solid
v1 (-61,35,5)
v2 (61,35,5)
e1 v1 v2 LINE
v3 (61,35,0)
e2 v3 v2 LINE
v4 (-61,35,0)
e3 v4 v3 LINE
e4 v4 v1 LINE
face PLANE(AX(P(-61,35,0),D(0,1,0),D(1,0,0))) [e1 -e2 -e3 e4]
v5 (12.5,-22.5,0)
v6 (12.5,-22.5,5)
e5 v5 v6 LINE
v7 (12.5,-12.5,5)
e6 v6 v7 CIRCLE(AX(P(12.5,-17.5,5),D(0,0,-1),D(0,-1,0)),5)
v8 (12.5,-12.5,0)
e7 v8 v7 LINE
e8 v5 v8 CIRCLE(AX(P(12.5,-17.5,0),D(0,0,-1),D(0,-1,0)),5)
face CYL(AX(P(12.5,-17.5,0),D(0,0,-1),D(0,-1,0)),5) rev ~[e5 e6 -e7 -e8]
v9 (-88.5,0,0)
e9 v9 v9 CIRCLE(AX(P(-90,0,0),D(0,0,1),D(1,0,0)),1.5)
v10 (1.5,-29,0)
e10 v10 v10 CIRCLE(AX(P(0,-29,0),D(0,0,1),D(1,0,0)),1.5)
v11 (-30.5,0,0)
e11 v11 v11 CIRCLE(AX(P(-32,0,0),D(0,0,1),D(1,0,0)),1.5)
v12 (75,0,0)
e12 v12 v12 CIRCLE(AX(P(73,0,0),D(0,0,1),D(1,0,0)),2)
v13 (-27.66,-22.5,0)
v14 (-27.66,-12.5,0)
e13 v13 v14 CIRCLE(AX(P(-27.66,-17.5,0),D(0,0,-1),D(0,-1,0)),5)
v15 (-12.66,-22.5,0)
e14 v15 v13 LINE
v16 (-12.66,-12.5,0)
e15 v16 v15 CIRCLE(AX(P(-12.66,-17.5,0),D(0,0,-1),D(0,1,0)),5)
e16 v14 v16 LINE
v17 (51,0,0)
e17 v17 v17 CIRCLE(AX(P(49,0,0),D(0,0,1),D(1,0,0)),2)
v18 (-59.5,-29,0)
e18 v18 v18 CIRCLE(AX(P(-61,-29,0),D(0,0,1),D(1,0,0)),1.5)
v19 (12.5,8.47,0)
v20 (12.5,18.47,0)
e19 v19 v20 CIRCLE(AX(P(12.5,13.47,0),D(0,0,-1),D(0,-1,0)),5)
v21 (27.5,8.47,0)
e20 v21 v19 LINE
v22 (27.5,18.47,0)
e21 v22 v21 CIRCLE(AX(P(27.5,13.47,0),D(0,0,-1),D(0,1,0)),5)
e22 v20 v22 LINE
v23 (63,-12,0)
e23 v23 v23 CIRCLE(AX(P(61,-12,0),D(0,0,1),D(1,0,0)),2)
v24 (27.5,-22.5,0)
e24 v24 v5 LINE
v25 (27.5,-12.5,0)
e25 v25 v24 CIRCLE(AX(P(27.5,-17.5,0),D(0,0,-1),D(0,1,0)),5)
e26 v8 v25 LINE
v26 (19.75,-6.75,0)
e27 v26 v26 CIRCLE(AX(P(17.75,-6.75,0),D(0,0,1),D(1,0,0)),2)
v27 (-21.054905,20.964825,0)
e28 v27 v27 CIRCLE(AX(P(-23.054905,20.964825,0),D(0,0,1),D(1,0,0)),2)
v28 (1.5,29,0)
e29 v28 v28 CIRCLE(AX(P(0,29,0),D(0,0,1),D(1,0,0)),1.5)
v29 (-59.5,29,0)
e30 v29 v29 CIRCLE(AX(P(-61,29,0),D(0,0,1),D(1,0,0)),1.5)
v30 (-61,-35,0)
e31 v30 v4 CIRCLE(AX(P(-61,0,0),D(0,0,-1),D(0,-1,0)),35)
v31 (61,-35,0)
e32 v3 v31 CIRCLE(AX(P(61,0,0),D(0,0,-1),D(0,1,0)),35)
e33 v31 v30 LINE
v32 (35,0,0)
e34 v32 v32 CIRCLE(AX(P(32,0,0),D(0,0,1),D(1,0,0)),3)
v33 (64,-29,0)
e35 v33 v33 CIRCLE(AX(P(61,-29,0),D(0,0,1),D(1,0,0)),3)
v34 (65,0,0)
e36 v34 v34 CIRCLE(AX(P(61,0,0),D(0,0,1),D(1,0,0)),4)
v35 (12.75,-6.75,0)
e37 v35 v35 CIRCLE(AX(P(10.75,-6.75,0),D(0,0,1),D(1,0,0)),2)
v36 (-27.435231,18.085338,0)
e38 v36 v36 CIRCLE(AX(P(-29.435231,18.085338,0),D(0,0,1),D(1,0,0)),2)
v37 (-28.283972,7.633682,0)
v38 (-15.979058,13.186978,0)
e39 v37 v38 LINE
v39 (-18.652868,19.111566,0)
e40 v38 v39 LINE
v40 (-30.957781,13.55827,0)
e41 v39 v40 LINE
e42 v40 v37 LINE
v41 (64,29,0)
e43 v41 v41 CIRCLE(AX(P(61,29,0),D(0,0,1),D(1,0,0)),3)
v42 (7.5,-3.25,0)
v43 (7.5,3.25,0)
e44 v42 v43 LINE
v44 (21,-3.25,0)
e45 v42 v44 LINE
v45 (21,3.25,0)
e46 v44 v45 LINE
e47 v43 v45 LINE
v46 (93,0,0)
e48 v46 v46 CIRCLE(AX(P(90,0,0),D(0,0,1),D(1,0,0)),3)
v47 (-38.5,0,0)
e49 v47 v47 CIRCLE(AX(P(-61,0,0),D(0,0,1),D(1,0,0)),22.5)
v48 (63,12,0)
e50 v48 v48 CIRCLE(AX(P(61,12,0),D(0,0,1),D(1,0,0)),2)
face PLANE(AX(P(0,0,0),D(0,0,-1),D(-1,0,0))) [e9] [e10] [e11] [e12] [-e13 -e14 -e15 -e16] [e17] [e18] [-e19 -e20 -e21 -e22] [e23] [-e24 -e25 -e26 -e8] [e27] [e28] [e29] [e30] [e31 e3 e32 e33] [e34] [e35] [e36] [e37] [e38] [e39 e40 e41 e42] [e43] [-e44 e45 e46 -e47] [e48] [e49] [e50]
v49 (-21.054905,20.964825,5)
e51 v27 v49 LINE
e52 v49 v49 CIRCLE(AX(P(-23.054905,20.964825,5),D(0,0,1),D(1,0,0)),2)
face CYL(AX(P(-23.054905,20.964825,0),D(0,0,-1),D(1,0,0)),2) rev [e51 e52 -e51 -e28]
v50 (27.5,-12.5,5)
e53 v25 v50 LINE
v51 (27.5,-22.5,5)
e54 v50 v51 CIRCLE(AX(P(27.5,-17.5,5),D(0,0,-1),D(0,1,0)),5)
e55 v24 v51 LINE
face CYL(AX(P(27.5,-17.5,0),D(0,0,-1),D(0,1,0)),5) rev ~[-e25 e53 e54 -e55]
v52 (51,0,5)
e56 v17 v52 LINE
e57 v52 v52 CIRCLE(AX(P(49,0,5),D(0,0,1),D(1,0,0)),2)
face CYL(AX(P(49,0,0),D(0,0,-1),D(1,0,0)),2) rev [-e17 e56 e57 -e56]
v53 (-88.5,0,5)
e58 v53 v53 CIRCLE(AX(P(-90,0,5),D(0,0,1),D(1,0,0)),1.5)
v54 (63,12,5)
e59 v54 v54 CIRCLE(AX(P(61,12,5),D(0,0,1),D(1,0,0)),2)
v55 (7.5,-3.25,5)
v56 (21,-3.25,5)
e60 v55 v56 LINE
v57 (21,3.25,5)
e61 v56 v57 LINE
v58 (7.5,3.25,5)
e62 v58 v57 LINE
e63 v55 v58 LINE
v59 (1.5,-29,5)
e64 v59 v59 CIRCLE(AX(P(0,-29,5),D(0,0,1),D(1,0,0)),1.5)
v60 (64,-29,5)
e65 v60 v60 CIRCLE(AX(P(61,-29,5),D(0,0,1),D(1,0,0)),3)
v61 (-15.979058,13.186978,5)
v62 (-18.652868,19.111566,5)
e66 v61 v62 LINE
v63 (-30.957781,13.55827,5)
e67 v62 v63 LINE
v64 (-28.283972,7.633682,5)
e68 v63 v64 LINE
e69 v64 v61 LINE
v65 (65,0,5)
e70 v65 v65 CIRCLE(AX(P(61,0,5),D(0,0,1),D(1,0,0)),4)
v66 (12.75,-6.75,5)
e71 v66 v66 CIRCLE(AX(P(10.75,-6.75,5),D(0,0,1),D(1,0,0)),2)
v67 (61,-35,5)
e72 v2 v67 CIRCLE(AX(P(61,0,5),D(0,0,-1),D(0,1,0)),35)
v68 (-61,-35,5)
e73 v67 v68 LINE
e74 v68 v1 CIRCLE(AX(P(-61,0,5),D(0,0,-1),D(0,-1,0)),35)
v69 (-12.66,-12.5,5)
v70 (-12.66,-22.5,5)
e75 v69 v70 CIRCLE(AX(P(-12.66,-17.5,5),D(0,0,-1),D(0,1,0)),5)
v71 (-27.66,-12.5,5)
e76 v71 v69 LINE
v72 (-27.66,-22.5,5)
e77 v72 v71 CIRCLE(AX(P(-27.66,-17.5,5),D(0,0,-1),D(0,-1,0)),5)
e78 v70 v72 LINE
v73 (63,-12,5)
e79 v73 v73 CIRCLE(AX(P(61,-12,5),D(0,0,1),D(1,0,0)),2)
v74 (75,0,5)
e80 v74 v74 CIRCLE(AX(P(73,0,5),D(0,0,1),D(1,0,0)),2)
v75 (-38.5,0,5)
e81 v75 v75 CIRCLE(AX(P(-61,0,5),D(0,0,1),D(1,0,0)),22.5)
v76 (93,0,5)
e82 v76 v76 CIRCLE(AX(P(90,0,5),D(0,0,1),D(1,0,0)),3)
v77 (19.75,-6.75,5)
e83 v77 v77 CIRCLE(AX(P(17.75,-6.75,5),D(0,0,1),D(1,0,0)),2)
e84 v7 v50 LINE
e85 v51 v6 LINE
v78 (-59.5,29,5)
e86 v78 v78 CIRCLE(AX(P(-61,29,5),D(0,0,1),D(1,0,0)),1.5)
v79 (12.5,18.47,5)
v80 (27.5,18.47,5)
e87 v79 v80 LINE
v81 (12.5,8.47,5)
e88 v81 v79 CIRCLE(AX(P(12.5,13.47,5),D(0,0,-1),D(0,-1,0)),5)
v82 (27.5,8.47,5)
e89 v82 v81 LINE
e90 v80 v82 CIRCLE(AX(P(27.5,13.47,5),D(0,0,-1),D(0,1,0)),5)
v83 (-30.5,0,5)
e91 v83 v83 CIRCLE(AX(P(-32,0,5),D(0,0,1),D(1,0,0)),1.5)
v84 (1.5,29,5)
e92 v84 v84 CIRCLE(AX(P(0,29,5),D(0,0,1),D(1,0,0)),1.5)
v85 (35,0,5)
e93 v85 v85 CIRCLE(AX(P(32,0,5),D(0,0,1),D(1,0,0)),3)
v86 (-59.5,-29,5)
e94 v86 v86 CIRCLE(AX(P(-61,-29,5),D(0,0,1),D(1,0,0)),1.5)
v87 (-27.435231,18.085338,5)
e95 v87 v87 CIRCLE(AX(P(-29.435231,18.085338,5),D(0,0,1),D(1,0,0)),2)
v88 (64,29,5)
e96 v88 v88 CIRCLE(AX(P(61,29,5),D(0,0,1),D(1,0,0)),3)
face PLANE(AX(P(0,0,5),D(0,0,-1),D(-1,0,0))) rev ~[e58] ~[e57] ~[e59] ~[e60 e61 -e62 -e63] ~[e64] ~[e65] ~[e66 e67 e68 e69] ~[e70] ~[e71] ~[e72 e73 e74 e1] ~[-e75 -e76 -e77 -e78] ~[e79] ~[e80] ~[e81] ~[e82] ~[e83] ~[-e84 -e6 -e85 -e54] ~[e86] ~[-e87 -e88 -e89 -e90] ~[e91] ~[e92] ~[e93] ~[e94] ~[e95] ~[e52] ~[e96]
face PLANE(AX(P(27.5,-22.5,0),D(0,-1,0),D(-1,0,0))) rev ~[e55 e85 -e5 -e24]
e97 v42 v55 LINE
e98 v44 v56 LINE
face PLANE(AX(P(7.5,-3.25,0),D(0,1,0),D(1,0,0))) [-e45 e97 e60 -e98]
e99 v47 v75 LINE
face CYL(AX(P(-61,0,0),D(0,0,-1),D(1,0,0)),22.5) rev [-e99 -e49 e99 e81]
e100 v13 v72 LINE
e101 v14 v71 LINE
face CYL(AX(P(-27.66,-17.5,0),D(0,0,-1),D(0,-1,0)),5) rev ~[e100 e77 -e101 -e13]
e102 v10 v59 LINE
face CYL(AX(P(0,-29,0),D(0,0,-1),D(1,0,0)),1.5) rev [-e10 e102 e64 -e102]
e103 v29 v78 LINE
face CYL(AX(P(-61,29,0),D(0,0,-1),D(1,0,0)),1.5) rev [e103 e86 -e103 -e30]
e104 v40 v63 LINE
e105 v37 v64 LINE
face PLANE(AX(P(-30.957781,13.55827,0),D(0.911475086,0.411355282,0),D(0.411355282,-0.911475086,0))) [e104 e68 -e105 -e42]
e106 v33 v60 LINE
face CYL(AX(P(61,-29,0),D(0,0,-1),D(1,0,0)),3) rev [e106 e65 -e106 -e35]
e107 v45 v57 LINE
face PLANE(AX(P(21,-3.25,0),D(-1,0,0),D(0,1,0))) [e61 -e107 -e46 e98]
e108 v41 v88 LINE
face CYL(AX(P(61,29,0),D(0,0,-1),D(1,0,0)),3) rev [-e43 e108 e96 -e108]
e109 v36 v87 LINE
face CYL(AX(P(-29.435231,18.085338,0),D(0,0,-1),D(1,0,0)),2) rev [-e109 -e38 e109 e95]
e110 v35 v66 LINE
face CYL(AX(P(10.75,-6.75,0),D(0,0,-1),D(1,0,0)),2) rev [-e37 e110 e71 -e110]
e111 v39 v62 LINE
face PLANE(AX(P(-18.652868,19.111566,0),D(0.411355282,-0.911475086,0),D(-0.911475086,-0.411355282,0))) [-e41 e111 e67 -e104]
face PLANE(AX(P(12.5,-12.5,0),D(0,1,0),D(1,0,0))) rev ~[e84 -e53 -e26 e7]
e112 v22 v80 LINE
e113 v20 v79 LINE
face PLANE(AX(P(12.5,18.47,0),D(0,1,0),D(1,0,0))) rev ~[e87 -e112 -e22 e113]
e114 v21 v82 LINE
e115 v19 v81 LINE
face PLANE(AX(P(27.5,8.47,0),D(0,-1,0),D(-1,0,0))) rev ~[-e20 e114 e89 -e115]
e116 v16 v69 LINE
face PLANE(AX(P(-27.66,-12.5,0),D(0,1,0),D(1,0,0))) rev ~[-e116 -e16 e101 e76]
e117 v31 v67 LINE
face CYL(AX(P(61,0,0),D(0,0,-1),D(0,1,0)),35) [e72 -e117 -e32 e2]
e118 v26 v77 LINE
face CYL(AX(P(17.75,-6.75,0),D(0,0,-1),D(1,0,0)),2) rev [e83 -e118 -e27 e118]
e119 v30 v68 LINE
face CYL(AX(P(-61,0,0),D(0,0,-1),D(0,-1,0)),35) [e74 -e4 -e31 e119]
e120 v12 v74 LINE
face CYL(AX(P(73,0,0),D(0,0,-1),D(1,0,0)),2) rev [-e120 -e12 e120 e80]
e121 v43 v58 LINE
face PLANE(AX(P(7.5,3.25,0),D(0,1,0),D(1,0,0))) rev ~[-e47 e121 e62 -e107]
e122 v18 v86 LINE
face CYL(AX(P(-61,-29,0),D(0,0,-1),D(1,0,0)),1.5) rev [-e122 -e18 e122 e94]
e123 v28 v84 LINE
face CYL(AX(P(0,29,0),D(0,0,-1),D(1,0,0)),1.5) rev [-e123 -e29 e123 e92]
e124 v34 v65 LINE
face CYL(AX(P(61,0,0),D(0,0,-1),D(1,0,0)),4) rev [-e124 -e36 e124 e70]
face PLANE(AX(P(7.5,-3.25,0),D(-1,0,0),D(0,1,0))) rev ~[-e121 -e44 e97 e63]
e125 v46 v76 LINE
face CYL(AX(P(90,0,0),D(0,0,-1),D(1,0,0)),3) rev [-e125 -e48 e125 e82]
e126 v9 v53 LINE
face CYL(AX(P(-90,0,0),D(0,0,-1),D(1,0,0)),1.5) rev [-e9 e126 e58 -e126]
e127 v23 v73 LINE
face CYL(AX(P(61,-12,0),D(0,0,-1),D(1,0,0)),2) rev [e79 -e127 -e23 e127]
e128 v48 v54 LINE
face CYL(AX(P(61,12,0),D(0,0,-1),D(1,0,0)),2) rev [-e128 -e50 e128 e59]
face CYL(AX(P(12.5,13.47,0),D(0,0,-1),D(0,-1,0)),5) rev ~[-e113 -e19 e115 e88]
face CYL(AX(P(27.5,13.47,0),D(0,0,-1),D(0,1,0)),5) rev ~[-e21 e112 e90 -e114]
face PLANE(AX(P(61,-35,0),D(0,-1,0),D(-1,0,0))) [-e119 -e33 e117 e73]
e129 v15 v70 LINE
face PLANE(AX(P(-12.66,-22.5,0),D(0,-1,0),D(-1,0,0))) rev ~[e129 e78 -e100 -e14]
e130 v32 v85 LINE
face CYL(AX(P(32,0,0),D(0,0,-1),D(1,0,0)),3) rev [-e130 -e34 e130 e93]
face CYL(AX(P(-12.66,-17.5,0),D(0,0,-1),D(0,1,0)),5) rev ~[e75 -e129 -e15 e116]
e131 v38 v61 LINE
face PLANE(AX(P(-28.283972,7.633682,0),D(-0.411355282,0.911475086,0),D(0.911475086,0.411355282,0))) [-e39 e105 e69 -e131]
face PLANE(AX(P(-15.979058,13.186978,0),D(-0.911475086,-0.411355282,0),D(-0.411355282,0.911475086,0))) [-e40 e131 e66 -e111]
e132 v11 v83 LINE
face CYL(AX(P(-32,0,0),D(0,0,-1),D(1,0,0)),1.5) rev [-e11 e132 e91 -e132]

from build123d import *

# Parameters (mm, degrees)
SKETCH1_R           = 4
SKETCH1_R_2         = 22.5
SKETCH1_R_3         = 1.5
SKETCH1_R_4         = 3
SKETCH1_R_5         = 2
SKETCH1_W           = 13.5
SKETCH1_H           = 6.5
BOSS_EXTRUDE1_DEPTH = 5


with BuildPart() as part:
    # Sketch1 → Boss-Extrude1 (new body)
    with BuildSketch(Plane.XY):
        with BuildLine():
            Line((61, -35), (-61, -35))
            ThreePointArc((-61, -35), (-96, 0), (-61, 35))
            Line((-61, 35), (61, 35))
            ThreePointArc((61, 35), (96, 0), (61, -35))
        make_face()
        with Locations((61, 0)):
            Circle(SKETCH1_R, mode=Mode.SUBTRACT)
        with Locations((-61, 0)):
            Circle(SKETCH1_R_2, mode=Mode.SUBTRACT)
        with Locations((-61, -29)):
            Circle(SKETCH1_R_3, mode=Mode.SUBTRACT)
        with Locations((-61, 29)):
            Circle(SKETCH1_R_3, mode=Mode.SUBTRACT)
        with Locations((61, 29)):
            Circle(SKETCH1_R_4, mode=Mode.SUBTRACT)
        with Locations((61, -29)):
            Circle(SKETCH1_R_4, mode=Mode.SUBTRACT)
        with Locations((0, -29)):
            Circle(SKETCH1_R_3, mode=Mode.SUBTRACT)
        with Locations((0, 29)):
            Circle(SKETCH1_R_3, mode=Mode.SUBTRACT)
        with Locations((-90, 0)):
            Circle(SKETCH1_R_3, mode=Mode.SUBTRACT)
        with Locations((-32, 0)):
            Circle(SKETCH1_R_3, mode=Mode.SUBTRACT)
        with Locations((90, 0)):
            Circle(SKETCH1_R_4, mode=Mode.SUBTRACT)
        with Locations((32, 0)):
            Circle(SKETCH1_R_4, mode=Mode.SUBTRACT)
        with Locations((61, 12)):
            Circle(SKETCH1_R_5, mode=Mode.SUBTRACT)
        with Locations((61, -12)):
            Circle(SKETCH1_R_5, mode=Mode.SUBTRACT)
        with Locations((49, 0)):
            Circle(SKETCH1_R_5, mode=Mode.SUBTRACT)
        with Locations((73, 0)):
            Circle(SKETCH1_R_5, mode=Mode.SUBTRACT)
        with Locations((10.75, -6.75)):
            Circle(SKETCH1_R_5, mode=Mode.SUBTRACT)
        with Locations((17.75, -6.75)):
            Circle(SKETCH1_R_5, mode=Mode.SUBTRACT)
        with Locations((-23.054905042, 20.964824554)):
            Circle(SKETCH1_R_5, mode=Mode.SUBTRACT)
        with Locations((-29.435230641, 18.085337577)):
            Circle(SKETCH1_R_5, mode=Mode.SUBTRACT)
        with Locations((14.25, 0)):
            Rectangle(SKETCH1_W, SKETCH1_H, mode=Mode.SUBTRACT)
        with BuildLine():
            Line((-27.66, -12.5), (-12.66, -12.5))
            ThreePointArc((-12.66, -12.5), (-7.66, -17.5), (-12.66, -22.5))
            Line((-12.66, -22.5), (-27.66, -22.5))
            ThreePointArc((-27.66, -22.5), (-32.66, -17.5), (-27.66, -12.5))
        make_face(mode=Mode.SUBTRACT)
        with BuildLine():
            Line((12.5, -12.5), (27.5, -12.5))
            ThreePointArc((27.5, -12.5), (32.5, -17.5), (27.5, -22.5))
            Line((27.5, -22.5), (12.5, -22.5))
            ThreePointArc((12.5, -22.5), (7.5, -17.5), (12.5, -12.5))
        make_face(mode=Mode.SUBTRACT)
        with BuildLine():
            Line((12.5, 18.47), (27.5, 18.47))
            ThreePointArc((27.5, 18.47), (32.5, 13.47), (27.5, 8.47))
            Line((27.5, 8.47), (12.5, 8.47))
            ThreePointArc((12.5, 8.47), (7.5, 13.47), (12.5, 18.47))
        make_face(mode=Mode.SUBTRACT)
        Polygon((-30.95778118, 13.55827011), (-28.283971844, 7.633682054), (-15.979058189, 13.186978367), (-18.652867525, 19.111566423), align=None, mode=Mode.SUBTRACT)
    extrude(amount=BOSS_EXTRUDE1_DEPTH)


solid = part.part
